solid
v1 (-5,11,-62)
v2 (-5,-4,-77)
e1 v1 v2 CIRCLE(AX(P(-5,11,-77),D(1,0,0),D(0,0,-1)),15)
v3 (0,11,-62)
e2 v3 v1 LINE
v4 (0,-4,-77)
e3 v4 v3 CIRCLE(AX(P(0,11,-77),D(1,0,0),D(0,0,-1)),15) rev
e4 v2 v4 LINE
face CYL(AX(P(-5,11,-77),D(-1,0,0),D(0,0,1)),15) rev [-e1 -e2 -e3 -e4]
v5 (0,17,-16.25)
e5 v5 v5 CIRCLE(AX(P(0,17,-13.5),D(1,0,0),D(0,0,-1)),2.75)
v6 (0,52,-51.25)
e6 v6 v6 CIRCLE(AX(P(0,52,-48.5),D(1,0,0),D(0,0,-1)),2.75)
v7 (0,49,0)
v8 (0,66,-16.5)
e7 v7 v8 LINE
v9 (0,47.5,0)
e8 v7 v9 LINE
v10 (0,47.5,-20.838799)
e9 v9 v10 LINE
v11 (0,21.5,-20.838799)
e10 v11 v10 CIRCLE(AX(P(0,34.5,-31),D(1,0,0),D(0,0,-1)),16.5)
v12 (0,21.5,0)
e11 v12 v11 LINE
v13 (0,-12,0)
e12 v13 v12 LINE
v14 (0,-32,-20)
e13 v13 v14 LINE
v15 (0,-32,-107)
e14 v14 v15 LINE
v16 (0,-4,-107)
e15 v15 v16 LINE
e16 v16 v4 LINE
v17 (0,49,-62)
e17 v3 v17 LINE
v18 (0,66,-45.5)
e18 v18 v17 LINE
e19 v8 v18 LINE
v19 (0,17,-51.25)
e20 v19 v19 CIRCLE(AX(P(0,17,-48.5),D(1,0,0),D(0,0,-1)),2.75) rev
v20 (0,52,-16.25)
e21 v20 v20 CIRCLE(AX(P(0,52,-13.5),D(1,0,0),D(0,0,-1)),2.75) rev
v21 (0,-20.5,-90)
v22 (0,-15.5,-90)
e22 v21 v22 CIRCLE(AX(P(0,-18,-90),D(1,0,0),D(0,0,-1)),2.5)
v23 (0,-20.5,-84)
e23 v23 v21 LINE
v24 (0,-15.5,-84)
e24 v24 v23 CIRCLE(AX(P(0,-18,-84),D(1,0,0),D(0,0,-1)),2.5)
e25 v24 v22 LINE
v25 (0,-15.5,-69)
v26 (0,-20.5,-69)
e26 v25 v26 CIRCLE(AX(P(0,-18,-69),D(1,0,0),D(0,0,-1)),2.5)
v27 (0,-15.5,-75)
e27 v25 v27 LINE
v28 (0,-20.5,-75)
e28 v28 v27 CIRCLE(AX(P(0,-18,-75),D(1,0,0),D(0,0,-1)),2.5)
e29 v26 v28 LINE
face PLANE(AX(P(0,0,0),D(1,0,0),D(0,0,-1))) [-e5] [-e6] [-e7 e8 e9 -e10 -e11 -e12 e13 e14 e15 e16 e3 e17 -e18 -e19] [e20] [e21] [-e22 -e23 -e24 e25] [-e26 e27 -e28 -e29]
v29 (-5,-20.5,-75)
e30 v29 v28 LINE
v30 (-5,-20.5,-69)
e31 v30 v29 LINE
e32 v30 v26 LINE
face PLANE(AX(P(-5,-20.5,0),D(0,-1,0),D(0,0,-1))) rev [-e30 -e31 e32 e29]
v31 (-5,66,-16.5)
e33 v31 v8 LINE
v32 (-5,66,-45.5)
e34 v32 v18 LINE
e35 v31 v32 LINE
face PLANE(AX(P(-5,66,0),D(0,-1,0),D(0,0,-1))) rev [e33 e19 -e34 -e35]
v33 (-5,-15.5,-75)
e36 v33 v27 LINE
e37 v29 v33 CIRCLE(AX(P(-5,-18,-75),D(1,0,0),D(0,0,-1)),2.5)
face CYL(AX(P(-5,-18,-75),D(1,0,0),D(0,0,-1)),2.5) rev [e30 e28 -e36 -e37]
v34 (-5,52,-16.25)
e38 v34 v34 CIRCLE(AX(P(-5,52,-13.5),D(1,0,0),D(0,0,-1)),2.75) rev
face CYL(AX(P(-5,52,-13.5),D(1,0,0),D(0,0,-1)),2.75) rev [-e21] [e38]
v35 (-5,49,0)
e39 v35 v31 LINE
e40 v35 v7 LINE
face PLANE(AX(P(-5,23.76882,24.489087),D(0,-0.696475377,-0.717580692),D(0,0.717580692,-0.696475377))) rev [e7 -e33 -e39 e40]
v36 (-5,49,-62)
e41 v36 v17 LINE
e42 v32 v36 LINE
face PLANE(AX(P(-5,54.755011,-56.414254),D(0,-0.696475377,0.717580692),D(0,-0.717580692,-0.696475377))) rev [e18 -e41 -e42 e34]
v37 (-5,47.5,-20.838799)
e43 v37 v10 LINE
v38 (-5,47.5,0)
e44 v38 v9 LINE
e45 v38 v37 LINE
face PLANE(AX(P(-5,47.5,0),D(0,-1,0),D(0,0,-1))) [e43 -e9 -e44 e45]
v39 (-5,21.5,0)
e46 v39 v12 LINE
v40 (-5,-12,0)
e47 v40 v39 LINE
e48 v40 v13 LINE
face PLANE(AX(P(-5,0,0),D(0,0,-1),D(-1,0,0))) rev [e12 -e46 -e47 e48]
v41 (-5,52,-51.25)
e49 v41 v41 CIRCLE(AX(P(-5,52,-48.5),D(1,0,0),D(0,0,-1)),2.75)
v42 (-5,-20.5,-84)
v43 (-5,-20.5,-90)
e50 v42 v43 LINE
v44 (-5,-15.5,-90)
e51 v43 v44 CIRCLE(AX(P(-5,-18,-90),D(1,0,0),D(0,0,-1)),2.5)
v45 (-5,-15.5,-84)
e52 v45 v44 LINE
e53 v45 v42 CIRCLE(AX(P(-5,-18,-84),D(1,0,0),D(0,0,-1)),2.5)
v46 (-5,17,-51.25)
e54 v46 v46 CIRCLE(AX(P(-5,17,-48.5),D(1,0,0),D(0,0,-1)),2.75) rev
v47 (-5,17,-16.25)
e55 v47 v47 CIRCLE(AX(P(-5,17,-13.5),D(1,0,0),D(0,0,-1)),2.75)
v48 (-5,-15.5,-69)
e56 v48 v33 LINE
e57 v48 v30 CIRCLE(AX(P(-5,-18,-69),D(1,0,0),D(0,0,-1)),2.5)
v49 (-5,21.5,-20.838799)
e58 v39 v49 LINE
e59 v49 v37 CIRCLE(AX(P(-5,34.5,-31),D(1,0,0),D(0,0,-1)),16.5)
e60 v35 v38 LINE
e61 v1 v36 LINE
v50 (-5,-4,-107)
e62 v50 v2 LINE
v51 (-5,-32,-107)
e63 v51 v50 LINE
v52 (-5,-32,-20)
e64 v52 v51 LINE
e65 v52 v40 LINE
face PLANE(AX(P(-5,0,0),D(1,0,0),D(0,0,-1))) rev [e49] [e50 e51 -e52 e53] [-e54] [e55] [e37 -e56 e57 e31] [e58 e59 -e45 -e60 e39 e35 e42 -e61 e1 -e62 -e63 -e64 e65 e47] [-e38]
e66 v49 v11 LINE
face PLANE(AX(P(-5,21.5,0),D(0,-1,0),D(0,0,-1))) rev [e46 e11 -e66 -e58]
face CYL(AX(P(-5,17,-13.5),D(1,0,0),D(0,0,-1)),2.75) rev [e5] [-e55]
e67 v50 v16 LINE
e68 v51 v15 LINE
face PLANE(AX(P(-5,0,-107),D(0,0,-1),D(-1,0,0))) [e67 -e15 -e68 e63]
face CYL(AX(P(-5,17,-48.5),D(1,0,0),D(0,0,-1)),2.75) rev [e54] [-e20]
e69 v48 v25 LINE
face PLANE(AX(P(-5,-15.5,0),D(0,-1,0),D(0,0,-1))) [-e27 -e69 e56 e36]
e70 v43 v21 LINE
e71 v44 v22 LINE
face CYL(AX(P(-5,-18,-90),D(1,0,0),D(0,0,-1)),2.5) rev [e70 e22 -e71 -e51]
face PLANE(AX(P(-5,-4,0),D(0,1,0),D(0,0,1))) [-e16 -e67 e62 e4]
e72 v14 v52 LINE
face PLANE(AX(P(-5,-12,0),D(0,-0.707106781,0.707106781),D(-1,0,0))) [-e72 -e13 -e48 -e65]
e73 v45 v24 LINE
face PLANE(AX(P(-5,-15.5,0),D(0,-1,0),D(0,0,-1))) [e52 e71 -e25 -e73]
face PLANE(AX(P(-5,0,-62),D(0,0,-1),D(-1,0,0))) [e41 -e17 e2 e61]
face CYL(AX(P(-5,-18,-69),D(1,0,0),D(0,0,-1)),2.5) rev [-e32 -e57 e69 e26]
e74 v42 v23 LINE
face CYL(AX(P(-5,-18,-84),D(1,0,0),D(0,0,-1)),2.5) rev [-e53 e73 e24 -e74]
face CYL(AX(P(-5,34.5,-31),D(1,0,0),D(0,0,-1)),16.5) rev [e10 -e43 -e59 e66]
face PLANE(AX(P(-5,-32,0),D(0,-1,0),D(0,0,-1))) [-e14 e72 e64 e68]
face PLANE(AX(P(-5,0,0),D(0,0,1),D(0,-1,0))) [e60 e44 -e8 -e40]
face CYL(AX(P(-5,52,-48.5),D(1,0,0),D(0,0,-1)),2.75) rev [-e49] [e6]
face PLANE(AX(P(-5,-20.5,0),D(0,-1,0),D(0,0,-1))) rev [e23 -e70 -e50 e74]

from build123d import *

# Parameters (mm, degrees)
ESBO_O2_R                      = 2.75
CORPO_DEPTH                    = 5
RAIO_DE_AL_VIO_DE_TENS_O_R15_R = 15
CHAMFER1_SIZE                  = 20


with BuildPart() as part:
    # Esboço2 → Corpo (new body)
    with BuildSketch(Plane(origin=(0, 0, 0), x_dir=(0, 0, -1), z_dir=(1, 0, 0))):
        with BuildLine():
            Line((0, 49), (16.5, 66))
            Line((16.5, 66), (45.5, 66))
            Line((45.5, 66), (62, 49))
            Line((62, 49), (62, 0))
            Line((62, 0), (62, -4))
            Line((62, -4), (107, -4))
            Line((107, -4), (107, -32))
            Line((107, -32), (0, -32))
            Line((0, -32), (0, 0))
            Line((0, 0), (0, 21.5))
            Line((0, 21.5), (20.838799284, 21.5))
            ThreePointArc((20.838799284, 21.5), (47.5, 34.5), (20.838799284, 47.5))
            Line((20.838799284, 47.5), (0, 47.5))
            Line((0, 47.5), (0, 49))
        make_face()
        with Locations((48.5, 52)):
            Circle(ESBO_O2_R, mode=Mode.SUBTRACT)
        with Locations((13.5, 52)):
            Circle(ESBO_O2_R, mode=Mode.SUBTRACT)
        with Locations((48.5, 17)):
            Circle(ESBO_O2_R, mode=Mode.SUBTRACT)
        with Locations((13.5, 17)):
            Circle(ESBO_O2_R, mode=Mode.SUBTRACT)
        with BuildLine():
            Line((69, -15.5), (75, -15.5))
            ThreePointArc((75, -15.5), (77.5, -18), (75, -20.5))
            Line((75, -20.5), (69, -20.5))
            ThreePointArc((69, -20.5), (66.5, -18), (69, -15.5))
        make_face(mode=Mode.SUBTRACT)
        with BuildLine():
            Line((84, -15.5), (90, -15.5))
            ThreePointArc((90, -15.5), (92.5, -18), (90, -20.5))
            Line((90, -20.5), (84, -20.5))
            ThreePointArc((84, -20.5), (81.5, -18), (84, -15.5))
        make_face(mode=Mode.SUBTRACT)
    extrude(amount=-CORPO_DEPTH)

    # Raio de Alívio de Tensão - R15
    raio_de_al_vio_de_tens_o_r15_edges = [part.edges().sort_by_distance(p)[0] for p in [
        (-2.5, -4, -62),
    ]]
    fillet(raio_de_al_vio_de_tens_o_r15_edges, radius=RAIO_DE_AL_VIO_DE_TENS_O_R15_R)

    # Chamfer1
    chamfer1_edges = [part.edges().sort_by_distance(p)[0] for p in [
        (-2.5, -32, 0),
    ]]
    chamfer(chamfer1_edges, length=CHAMFER1_SIZE)


solid = part.part
